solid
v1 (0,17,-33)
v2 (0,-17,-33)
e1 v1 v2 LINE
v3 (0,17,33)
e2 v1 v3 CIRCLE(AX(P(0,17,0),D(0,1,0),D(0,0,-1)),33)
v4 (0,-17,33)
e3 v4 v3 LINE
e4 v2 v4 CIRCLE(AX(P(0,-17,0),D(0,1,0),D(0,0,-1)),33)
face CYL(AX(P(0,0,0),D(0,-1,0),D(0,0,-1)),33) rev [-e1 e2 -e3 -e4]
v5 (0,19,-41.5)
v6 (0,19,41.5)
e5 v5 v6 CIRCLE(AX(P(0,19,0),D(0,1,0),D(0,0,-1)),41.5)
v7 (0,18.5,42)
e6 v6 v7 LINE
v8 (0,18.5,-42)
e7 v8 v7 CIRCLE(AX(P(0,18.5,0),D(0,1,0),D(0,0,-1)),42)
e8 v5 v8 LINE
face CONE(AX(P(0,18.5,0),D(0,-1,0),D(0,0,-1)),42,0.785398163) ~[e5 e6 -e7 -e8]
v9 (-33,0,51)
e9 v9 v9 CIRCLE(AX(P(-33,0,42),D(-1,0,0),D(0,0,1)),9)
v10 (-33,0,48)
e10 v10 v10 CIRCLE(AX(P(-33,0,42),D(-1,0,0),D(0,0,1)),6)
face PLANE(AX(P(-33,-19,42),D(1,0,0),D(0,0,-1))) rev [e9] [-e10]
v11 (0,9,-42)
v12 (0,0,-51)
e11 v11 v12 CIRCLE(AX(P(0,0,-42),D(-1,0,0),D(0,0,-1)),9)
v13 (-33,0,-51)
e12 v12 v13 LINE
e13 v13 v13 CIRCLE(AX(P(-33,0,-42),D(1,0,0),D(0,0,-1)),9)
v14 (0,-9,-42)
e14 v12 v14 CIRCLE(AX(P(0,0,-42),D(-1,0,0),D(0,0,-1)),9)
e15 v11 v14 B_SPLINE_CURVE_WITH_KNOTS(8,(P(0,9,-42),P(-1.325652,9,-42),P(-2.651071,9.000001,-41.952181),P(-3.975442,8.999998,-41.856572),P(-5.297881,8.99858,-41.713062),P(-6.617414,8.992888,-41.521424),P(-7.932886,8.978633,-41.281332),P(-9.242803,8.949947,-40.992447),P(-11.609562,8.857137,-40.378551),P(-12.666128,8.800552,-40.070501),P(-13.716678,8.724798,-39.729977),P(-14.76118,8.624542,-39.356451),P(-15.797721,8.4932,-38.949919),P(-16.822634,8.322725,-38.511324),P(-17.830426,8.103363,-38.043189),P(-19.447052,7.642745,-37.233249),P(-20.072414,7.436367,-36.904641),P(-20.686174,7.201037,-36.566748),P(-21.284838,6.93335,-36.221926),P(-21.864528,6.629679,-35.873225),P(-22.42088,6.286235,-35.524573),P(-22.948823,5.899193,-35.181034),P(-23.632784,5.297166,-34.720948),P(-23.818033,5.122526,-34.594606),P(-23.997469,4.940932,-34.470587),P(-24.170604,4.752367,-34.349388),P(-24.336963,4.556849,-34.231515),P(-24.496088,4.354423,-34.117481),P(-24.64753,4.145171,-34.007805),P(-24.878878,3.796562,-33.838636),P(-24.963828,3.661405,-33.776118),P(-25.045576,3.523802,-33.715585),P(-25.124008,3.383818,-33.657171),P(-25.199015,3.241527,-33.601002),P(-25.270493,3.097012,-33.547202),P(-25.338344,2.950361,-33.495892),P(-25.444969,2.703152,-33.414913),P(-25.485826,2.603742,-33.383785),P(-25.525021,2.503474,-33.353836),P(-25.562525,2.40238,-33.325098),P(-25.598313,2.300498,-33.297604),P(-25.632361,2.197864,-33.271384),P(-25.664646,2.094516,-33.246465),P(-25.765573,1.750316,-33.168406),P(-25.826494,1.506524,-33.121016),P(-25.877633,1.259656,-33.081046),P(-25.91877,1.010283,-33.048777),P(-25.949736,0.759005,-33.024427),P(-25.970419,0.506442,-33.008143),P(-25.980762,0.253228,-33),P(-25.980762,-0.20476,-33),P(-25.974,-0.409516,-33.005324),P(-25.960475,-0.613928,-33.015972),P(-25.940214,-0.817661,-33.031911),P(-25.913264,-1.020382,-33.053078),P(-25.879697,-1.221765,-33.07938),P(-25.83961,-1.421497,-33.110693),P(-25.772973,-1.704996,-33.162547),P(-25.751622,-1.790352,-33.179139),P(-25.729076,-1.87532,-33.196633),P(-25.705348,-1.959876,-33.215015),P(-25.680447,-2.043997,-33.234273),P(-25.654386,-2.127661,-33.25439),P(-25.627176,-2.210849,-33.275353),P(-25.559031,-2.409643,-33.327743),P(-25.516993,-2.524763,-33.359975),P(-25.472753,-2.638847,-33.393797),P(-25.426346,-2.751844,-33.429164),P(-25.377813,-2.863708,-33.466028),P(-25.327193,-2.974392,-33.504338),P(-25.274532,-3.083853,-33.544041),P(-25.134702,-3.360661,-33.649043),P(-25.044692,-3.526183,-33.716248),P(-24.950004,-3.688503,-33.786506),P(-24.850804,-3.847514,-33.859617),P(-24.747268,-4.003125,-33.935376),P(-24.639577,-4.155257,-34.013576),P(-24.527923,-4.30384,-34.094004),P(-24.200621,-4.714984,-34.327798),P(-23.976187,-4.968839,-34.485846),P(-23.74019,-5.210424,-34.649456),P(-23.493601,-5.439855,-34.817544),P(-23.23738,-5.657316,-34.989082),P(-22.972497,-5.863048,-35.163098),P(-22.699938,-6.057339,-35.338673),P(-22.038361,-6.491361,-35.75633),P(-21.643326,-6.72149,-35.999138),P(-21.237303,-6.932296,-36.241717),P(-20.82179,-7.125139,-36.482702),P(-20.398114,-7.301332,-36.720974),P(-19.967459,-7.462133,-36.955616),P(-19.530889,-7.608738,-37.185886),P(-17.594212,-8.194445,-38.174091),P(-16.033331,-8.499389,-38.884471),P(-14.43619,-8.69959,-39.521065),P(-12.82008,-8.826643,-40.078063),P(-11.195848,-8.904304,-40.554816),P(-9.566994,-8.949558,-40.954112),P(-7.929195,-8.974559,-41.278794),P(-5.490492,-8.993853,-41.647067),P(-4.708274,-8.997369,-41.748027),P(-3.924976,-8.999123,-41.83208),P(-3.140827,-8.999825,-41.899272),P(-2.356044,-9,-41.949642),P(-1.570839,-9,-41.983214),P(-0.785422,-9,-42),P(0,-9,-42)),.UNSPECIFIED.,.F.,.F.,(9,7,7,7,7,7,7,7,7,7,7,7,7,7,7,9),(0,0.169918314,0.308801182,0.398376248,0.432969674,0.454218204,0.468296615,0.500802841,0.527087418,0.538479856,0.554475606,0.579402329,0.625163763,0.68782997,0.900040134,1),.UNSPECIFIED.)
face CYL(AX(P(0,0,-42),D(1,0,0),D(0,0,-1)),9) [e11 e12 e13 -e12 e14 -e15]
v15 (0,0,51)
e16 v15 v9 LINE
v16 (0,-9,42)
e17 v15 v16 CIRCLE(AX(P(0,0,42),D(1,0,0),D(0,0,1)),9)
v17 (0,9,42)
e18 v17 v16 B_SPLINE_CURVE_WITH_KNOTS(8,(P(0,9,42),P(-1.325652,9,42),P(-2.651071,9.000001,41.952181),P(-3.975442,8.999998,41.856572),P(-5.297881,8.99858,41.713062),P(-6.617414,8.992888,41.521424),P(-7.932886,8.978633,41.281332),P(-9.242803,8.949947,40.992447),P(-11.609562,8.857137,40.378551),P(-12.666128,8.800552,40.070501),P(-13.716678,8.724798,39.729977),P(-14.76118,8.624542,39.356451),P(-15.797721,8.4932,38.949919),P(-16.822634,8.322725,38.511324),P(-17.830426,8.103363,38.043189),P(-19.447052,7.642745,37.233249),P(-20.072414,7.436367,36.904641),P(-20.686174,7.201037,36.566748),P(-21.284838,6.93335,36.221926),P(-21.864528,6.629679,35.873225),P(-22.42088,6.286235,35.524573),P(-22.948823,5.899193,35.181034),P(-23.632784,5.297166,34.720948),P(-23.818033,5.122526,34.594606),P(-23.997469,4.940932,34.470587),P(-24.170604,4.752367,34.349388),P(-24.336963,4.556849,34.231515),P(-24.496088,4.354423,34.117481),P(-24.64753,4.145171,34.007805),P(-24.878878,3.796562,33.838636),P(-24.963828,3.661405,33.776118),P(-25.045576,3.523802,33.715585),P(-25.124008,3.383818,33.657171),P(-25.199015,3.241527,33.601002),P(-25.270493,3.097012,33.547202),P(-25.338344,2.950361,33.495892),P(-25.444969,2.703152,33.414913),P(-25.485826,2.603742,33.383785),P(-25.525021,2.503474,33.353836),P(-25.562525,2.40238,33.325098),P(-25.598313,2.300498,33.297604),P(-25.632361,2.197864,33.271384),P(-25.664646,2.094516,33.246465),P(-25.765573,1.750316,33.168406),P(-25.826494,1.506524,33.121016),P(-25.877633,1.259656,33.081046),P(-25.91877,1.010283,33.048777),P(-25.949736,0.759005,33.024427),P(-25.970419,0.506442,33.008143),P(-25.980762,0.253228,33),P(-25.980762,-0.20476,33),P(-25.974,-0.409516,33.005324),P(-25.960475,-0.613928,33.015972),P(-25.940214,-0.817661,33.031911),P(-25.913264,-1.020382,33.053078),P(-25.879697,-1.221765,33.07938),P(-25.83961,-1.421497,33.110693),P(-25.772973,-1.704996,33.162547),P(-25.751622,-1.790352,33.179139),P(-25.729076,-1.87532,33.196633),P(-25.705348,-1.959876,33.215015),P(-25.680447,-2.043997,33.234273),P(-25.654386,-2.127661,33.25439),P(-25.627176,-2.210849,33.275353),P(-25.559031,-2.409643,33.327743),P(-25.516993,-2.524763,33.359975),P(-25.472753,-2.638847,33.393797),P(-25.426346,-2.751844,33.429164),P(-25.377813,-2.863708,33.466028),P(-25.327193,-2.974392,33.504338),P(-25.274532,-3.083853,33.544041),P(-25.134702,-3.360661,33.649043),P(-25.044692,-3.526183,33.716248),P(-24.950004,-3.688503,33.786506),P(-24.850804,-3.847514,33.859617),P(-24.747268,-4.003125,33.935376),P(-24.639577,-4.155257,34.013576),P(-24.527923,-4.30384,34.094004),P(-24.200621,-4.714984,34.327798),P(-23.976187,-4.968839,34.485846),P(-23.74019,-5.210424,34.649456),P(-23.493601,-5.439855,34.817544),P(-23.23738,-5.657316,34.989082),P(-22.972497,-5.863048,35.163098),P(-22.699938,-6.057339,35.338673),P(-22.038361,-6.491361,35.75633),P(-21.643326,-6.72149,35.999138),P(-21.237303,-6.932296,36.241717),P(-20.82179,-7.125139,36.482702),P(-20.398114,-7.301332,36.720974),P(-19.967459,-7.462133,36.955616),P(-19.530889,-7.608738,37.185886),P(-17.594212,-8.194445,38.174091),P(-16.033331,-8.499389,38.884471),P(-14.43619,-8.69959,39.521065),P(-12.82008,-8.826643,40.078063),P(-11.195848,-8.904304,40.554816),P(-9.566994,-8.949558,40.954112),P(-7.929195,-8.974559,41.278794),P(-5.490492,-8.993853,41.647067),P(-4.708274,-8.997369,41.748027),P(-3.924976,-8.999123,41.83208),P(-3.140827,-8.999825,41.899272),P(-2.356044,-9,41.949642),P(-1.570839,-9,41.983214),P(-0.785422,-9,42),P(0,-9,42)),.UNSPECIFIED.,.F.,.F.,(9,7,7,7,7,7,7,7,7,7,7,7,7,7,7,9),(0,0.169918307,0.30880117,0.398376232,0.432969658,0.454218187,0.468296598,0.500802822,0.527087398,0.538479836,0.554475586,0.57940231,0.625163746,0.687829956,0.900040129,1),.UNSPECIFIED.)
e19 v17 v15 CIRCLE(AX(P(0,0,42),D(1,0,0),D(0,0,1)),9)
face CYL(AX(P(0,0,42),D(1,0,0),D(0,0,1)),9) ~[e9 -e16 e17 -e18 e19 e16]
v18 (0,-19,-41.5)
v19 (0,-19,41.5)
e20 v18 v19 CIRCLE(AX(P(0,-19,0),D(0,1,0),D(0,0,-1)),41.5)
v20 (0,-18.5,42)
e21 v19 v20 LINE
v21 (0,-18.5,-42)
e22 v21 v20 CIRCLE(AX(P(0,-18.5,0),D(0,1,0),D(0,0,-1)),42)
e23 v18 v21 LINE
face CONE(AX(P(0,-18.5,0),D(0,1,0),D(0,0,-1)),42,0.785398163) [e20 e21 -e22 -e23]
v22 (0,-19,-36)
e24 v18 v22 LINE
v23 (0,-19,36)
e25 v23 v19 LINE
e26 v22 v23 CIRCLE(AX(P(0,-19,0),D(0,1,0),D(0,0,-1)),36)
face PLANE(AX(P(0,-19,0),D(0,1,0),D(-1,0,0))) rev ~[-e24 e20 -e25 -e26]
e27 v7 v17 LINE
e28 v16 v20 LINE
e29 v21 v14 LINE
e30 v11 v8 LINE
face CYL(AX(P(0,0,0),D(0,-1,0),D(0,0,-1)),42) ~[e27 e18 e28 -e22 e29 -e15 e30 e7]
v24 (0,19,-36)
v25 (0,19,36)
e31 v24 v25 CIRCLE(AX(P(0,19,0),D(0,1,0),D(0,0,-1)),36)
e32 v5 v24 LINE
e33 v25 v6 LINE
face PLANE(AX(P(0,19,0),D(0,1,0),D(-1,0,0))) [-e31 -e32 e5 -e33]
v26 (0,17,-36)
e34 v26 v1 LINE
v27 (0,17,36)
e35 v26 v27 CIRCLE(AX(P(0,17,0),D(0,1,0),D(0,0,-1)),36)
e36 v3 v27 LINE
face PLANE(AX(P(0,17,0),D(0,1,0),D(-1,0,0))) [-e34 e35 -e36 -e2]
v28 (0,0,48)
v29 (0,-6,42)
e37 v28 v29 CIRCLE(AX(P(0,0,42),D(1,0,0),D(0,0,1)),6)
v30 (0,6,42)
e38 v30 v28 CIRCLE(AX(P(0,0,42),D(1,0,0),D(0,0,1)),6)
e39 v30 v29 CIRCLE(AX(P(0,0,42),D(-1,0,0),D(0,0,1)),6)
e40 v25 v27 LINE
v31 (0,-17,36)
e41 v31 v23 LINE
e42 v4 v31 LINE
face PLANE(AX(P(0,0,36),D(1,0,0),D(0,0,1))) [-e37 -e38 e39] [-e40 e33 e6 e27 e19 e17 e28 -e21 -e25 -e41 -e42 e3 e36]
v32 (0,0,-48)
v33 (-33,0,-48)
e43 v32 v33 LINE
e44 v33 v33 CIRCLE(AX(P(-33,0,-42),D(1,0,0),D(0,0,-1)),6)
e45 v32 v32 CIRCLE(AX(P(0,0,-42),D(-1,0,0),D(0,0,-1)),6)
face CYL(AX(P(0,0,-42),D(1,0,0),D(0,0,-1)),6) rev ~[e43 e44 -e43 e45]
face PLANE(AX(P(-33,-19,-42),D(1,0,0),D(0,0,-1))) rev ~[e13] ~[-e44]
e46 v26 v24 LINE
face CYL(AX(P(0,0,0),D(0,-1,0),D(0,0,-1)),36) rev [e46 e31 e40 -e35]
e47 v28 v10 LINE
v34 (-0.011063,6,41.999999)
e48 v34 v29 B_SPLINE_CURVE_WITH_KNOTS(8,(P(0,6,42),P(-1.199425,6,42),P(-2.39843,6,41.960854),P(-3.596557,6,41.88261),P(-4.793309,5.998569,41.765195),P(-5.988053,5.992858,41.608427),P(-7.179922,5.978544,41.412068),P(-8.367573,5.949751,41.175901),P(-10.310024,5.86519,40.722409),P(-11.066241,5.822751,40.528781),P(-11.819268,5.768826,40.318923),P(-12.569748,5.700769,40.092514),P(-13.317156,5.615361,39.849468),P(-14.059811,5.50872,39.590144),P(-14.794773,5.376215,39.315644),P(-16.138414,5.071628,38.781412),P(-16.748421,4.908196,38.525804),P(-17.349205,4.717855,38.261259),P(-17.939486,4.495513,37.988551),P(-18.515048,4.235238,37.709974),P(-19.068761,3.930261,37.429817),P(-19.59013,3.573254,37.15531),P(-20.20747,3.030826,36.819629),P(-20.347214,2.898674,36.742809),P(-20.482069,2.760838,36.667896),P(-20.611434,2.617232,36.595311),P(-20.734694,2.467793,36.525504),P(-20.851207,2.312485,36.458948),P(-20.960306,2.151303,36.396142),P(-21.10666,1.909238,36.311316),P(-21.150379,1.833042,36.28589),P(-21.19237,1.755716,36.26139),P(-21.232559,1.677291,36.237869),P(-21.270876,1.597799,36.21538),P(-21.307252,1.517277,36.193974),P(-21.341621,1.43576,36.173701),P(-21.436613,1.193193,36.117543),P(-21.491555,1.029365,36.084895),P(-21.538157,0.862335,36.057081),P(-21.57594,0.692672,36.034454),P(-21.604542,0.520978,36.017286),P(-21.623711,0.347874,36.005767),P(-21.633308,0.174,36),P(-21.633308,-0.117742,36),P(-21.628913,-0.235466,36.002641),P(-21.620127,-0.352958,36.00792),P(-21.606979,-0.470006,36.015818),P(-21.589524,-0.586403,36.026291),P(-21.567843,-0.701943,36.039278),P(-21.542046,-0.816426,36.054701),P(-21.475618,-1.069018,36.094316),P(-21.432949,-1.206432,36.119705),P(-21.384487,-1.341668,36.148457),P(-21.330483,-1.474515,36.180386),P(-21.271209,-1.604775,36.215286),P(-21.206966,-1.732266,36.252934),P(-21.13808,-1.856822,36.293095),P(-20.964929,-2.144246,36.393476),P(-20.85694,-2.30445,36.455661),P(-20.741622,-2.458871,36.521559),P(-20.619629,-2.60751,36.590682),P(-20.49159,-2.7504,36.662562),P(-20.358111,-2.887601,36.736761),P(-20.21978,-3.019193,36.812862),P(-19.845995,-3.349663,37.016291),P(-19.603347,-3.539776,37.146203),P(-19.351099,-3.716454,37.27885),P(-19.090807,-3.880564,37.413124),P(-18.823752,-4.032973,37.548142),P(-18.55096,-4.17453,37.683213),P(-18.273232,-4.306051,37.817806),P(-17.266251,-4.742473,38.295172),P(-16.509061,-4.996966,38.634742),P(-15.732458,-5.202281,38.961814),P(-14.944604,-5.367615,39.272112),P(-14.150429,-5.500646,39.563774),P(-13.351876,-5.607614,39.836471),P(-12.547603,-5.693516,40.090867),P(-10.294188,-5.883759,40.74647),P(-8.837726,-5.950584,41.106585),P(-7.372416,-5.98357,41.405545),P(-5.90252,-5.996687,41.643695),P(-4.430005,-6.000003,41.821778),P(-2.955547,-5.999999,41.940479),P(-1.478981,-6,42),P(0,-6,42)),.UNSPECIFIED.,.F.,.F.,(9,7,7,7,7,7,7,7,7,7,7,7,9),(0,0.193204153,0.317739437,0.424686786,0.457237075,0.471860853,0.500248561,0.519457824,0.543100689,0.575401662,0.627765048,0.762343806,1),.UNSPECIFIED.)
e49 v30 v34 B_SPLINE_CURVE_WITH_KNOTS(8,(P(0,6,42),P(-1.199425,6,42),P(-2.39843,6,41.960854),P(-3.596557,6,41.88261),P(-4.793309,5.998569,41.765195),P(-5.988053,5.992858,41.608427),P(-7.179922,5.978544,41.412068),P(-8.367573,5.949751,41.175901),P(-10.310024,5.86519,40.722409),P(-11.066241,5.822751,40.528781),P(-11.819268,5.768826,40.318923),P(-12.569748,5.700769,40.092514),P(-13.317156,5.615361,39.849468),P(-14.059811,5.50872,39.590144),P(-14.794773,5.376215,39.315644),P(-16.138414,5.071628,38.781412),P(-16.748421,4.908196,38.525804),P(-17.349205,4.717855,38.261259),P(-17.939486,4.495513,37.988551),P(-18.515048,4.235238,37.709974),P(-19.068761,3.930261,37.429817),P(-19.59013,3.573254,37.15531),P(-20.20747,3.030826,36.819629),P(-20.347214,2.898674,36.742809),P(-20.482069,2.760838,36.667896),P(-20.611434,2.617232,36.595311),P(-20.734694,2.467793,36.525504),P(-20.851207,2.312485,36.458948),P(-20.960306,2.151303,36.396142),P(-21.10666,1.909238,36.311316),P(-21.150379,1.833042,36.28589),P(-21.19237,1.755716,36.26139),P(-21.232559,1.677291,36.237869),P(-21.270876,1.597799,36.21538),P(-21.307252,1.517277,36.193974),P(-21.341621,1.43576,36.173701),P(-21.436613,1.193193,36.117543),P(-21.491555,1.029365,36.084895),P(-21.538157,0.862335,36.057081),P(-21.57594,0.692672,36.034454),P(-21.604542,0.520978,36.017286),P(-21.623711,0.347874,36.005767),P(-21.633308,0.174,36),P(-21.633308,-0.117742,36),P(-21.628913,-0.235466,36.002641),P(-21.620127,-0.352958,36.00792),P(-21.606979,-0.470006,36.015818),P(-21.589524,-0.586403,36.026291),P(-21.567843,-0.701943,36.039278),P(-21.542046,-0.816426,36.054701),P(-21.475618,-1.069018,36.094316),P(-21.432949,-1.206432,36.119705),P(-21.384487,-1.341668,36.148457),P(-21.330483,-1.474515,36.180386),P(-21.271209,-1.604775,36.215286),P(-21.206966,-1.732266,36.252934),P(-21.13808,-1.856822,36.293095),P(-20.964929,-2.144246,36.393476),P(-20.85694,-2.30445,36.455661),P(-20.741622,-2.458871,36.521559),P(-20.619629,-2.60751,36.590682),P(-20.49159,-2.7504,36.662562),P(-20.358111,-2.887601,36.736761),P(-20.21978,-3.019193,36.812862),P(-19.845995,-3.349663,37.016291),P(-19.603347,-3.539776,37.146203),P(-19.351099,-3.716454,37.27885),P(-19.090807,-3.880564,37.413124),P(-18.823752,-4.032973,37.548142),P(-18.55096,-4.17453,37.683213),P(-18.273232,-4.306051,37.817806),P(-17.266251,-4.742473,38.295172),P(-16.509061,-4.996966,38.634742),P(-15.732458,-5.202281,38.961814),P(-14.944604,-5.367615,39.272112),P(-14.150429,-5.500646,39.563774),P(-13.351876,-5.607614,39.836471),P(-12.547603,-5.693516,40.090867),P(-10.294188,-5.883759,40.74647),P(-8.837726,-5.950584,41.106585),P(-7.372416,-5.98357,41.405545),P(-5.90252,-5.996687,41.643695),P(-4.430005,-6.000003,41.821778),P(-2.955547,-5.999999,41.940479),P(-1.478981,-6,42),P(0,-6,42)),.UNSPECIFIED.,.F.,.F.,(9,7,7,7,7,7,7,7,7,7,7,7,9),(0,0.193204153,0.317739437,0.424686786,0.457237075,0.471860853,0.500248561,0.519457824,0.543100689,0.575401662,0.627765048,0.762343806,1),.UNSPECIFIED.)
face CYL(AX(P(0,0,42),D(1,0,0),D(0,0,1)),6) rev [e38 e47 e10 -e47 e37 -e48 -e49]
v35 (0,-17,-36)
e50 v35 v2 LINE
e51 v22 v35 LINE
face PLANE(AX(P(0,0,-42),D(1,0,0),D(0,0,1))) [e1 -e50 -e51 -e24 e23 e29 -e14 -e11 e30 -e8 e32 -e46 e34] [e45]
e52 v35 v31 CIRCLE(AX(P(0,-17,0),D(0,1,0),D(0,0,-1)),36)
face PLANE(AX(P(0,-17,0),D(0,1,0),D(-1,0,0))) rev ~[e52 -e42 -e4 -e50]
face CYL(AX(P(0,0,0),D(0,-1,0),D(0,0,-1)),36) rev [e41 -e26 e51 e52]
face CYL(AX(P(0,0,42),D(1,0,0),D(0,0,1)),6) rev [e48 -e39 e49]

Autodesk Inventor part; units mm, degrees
ref_plane "YZ Plane" through (0, 0, 0) normal (1, 0, 0) x (0, 1, 0)
ref_plane "XZ Plane" through (0, 0, 0) normal (0, 1, 0) x (-1, 0, 0)
ref_plane "XY Plane" through (0, 0, 0) normal (0, 0, 1) x (1, 0, 0)
sketch "Boceto1" plane through (0, 0, 0) normal (0, 1, 0) x (-1, 0, 0)
  arc A0 (0, -33) -> (0, 33) centre (0, 0) ccw
  arc A1 (0, -36) -> (0, 36) centre (0, 0) ccw
  arc A2 (0, -42) -> (0, 42) centre (0, 0) ccw
  line L0 (0, -42) -> (0, 42)
  circle A3 centre (177, 0) radius 22
  circle A4 centre (177, 0) radius 18
  line L1 (159.2518, -13) -> (39.9375, -13)
  line L2 (159.2518, 13) -> (39.9375, 13)
  line L3 (139, 0) -> (57, 0) construction
  line L4 (139, 8) -> (57, 8)
  line L5 (57, -8) -> (139, -8)
  arc A5 (139, -8) -> (139, 8) centre (139, 0) ccw
  arc A6 (57, 8) -> (57, -8) centre (57, 0) ccw
  point P0 (98, 0)
  dimension "d0" = 66
  dimension "d1" = 72
  dimension "d2" = 84
  dimension "d3" = 44
  dimension "d4" = 177
  dimension "d5" = 36
  dimension "d6" = 26
  dimension "d7" = 41
  dimension "d8" = 16
  dimension "d9" = 57
extrude "Extrusión1" add sketch "Boceto1" along normal mid plane 38 contours A1 L0 A2
extrude "Extrusión2" add sketch "Boceto1" along normal mid plane 34 contours A0 L0 A1
sketch "Boceto2" plane through (0, -19, -42) normal (1, 0, 0) x (0, 0, -1)
  line L0 (0, 0) -> (0, 38) projected
  circle A0 centre (0, 19) radius 9
  circle A1 centre (0, 19) radius 6
  point P0 (-42, 19)
  point P1 (0, 25)
  point P2 (0, 13)
  dimension "d18" = 18
  dimension "d19" = 12
extrude "Extrusión5" cut sketch "Boceto2" against normal up to surface contours A1 L0 picked at (-1.87, 18.2908)
extrude "Extrusión6" add sketch "Boceto2" against normal blind 33 contours A0 L0 A1 | L0 A1 A0
mirror "Simetría1" about plane through (0, 0, 0) normal (0, 0, 1) of "Extrusión6", "Extrusión5"
chamfer "Chaflán2" distance 0.5 angle 45 2 edges at (-42, 19, 0) (-42, -19, 0)
properties part number "EM-004" material "Acero, alta resistencia, aleación baja"
